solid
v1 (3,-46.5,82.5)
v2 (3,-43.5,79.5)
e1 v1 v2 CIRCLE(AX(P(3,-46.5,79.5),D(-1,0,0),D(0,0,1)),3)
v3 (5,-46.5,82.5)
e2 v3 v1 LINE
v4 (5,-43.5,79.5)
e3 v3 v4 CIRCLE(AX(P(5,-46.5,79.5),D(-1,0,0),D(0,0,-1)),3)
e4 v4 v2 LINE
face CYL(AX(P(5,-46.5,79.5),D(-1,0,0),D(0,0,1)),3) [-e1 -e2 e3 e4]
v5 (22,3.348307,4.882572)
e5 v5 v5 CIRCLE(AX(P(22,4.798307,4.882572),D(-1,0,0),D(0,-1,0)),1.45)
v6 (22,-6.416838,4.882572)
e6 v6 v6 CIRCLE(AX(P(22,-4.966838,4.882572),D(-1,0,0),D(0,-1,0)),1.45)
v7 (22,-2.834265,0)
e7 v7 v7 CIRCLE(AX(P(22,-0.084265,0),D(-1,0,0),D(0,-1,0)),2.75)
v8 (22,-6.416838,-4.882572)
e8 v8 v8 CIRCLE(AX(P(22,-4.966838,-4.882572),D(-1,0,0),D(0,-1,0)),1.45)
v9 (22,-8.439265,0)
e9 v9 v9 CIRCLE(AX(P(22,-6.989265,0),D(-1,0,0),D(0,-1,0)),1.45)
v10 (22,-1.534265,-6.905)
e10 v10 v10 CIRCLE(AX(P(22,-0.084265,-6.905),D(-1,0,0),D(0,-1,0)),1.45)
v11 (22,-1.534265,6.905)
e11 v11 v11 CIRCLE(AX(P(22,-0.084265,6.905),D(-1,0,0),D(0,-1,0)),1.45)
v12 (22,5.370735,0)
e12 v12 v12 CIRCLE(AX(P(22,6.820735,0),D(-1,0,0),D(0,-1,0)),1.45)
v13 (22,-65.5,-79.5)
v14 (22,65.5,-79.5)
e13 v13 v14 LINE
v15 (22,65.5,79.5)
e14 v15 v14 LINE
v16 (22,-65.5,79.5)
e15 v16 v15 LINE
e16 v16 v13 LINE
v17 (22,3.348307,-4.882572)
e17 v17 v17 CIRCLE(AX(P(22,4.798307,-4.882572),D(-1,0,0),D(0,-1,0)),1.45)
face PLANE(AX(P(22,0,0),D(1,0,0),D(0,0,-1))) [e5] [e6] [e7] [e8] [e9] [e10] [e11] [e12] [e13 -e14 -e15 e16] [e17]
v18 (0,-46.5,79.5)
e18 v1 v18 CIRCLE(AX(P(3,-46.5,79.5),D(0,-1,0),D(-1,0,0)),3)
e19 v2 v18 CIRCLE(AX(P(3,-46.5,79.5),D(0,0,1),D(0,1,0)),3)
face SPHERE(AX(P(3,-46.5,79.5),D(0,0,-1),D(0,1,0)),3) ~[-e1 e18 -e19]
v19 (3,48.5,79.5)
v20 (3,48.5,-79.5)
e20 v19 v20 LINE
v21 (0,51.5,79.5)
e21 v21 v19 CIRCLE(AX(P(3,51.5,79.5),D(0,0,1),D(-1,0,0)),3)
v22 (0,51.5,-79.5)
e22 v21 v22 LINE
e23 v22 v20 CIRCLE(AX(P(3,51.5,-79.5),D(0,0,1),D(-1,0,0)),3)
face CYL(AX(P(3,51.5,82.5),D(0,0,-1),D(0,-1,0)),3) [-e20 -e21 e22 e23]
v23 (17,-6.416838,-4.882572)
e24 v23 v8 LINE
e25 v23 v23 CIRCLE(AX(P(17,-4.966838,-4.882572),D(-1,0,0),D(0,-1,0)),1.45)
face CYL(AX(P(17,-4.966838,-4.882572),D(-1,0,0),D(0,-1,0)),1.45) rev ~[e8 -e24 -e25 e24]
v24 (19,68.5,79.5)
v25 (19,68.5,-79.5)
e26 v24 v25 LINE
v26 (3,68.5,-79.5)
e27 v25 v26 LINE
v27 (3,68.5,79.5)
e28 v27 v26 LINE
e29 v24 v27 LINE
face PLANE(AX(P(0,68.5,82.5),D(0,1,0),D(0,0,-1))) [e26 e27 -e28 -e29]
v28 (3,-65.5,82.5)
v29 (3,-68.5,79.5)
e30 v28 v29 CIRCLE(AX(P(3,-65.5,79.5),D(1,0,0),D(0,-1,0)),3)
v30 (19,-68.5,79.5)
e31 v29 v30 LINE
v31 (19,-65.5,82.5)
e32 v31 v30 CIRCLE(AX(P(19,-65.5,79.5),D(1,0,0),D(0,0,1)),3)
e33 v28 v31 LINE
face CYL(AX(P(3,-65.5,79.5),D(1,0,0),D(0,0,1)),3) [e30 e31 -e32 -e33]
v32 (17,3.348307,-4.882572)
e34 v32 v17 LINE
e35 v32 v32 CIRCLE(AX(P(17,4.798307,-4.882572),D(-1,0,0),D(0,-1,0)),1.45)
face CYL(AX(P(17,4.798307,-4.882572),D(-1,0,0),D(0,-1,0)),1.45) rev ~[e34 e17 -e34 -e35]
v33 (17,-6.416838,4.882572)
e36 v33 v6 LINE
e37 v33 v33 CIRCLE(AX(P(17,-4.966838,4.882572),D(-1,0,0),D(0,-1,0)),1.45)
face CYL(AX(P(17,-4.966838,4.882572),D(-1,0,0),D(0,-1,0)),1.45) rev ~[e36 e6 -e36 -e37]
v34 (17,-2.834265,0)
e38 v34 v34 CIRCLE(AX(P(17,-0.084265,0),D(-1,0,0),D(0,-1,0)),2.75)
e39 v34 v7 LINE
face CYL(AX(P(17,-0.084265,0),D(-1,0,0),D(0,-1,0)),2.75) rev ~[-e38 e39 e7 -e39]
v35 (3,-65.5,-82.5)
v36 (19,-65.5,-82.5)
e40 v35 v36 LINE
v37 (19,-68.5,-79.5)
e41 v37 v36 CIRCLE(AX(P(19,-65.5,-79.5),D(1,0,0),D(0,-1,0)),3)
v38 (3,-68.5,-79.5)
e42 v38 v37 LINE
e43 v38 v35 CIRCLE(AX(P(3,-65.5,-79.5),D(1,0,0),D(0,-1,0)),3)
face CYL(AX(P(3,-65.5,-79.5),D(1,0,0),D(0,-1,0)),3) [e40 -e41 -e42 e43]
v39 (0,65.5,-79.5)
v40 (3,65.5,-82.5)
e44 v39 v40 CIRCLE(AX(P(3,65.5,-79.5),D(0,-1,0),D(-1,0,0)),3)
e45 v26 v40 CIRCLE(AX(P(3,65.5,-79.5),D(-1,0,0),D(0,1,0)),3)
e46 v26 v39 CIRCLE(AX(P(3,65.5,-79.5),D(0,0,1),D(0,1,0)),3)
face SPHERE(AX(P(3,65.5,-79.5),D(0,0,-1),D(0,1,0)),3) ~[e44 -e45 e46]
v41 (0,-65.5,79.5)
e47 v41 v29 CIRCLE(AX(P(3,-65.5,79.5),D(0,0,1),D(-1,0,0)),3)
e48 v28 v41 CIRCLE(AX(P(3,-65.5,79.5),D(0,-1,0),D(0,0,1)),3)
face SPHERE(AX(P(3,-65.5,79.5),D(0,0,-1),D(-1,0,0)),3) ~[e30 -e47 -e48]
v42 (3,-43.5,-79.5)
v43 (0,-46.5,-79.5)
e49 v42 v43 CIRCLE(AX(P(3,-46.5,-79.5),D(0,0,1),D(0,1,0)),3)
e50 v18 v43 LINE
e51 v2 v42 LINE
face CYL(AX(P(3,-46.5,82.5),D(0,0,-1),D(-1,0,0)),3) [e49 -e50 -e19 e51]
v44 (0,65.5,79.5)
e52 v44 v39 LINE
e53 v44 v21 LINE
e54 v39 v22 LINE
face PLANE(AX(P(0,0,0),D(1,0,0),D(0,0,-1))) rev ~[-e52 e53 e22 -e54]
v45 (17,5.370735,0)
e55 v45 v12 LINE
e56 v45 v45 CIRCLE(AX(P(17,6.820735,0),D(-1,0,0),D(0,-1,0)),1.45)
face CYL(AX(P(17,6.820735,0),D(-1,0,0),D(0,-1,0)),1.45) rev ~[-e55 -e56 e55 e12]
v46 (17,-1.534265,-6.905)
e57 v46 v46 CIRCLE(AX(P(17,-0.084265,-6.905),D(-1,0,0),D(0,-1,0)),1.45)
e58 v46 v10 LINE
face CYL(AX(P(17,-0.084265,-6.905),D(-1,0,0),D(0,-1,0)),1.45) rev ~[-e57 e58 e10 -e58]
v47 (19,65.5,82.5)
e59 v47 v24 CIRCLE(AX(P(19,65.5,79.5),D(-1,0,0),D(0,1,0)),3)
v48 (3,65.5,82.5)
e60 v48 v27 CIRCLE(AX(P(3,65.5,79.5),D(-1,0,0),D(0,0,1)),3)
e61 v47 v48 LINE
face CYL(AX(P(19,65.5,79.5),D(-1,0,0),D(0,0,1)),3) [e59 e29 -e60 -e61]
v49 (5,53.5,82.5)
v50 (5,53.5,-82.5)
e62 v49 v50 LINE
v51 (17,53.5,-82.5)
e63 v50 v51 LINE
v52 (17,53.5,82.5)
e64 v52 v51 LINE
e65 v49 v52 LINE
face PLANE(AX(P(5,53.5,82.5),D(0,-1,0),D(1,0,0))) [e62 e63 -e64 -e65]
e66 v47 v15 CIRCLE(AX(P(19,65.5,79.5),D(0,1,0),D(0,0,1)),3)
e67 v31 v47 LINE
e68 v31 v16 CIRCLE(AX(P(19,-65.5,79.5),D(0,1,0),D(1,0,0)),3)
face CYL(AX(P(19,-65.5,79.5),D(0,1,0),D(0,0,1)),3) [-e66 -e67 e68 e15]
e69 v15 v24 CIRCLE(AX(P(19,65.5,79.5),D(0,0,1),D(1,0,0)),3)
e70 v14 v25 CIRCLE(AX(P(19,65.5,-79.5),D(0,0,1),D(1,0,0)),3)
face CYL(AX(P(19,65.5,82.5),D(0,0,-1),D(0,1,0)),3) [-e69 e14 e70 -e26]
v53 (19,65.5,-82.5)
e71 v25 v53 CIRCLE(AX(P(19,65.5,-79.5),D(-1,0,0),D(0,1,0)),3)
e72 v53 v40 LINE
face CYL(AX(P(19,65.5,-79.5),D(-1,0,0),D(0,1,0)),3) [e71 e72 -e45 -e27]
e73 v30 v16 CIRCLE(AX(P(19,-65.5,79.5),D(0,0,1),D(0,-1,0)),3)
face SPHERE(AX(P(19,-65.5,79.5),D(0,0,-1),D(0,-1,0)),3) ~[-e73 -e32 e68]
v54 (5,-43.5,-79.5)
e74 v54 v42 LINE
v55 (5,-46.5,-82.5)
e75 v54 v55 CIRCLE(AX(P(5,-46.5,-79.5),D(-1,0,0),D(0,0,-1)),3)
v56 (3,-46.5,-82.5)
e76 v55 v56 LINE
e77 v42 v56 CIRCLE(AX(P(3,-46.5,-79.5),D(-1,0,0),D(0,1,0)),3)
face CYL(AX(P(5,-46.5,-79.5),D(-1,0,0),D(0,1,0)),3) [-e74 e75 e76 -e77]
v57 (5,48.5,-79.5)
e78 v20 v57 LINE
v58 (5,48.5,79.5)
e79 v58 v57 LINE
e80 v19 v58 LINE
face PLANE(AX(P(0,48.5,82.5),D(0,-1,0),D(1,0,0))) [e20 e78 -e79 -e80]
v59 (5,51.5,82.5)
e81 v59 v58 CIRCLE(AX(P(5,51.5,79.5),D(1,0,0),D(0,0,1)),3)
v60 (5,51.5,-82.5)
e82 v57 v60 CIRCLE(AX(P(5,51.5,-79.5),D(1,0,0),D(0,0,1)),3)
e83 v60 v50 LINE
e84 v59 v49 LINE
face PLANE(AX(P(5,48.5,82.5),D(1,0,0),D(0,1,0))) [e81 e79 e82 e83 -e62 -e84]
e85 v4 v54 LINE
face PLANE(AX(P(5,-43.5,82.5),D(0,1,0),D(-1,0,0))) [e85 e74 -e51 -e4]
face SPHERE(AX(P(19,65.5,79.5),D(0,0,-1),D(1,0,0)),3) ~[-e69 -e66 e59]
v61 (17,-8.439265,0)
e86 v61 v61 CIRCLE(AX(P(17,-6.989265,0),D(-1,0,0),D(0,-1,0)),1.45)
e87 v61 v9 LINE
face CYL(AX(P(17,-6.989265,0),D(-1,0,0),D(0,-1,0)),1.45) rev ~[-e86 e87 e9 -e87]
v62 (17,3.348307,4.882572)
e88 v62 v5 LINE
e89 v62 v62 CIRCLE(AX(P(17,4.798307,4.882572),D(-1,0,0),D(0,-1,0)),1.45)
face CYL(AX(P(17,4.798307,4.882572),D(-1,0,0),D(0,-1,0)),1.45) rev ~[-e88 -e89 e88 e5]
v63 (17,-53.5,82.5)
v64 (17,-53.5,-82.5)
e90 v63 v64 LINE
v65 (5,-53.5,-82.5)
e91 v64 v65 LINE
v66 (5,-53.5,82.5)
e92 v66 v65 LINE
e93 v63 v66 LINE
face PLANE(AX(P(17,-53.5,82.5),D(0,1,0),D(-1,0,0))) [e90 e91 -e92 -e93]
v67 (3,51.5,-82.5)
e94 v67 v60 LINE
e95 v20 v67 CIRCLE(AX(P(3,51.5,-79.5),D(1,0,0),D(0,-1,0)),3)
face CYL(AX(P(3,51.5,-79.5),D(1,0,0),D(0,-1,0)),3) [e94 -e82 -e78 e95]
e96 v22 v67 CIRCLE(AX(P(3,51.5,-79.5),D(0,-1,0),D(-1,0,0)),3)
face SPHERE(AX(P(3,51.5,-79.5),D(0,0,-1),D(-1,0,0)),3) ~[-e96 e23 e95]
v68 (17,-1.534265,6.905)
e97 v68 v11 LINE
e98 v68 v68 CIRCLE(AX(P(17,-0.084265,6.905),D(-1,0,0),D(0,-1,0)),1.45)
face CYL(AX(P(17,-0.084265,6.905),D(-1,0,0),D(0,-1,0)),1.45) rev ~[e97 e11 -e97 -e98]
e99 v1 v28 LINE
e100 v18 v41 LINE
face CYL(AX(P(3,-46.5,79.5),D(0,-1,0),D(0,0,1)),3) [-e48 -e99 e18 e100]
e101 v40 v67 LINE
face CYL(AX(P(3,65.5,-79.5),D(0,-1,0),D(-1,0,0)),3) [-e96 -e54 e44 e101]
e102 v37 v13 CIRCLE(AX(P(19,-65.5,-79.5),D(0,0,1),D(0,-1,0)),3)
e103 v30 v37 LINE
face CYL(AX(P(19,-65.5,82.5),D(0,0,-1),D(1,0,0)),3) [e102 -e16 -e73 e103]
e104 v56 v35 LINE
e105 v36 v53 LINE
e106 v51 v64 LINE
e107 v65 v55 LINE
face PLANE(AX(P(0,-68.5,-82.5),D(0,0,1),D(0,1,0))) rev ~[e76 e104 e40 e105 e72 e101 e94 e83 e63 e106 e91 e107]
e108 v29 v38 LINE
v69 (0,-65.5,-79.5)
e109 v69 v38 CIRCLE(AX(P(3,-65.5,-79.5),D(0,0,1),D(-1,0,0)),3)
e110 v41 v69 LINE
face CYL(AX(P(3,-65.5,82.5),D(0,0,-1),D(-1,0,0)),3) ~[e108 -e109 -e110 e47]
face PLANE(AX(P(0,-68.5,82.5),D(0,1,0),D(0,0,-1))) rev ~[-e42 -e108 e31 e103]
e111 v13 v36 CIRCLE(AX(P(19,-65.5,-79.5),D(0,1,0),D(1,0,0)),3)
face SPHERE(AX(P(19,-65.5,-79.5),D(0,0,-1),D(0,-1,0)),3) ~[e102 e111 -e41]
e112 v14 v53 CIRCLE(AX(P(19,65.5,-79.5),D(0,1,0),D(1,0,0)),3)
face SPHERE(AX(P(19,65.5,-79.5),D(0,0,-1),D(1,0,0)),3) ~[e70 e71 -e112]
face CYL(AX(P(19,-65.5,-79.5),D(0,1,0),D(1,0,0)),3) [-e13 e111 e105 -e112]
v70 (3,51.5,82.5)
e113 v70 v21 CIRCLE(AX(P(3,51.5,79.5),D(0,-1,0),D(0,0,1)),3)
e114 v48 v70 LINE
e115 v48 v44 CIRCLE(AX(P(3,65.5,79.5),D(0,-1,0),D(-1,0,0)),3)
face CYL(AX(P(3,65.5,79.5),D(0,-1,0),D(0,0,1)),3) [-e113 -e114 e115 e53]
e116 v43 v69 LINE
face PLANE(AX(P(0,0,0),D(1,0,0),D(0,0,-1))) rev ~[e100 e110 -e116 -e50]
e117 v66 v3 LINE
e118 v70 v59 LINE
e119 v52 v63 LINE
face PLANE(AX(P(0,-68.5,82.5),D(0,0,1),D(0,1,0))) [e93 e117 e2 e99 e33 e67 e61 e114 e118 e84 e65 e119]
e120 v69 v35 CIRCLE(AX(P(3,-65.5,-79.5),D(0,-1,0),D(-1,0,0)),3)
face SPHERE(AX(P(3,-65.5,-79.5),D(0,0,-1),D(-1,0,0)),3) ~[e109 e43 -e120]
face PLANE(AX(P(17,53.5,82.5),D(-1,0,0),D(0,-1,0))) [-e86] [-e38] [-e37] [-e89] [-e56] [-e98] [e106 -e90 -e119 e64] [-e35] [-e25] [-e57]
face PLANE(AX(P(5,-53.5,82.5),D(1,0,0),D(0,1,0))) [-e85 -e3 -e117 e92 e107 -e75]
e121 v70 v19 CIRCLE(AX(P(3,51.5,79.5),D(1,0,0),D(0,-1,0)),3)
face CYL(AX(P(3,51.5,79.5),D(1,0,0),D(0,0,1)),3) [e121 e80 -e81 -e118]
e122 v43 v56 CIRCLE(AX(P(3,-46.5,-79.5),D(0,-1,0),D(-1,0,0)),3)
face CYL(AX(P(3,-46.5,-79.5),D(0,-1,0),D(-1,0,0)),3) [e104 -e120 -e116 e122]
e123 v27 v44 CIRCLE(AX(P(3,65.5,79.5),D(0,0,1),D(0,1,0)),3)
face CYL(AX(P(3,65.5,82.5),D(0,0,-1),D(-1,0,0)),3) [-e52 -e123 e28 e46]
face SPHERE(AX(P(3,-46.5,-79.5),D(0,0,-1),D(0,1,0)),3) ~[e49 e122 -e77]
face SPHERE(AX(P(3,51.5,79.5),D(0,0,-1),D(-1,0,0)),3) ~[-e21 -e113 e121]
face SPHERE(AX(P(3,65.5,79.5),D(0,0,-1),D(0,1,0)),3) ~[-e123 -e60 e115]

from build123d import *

# Parameters (mm, degrees)
SKETCH1_W           = 165
SKETCH1_H           = 137
BOSS_EXTRUDE1_DEPTH = 22
CUT_EXTRUDE1_DEPTH  = 165
FILLET1_R           = 3
SKETCH3_R           = 2.75
SKETCH3_R_2         = 1.45
CUT_EXTRUDE2_DEPTH  = 5
FILLET2_R           = 3
FILLET3_R           = 3


with BuildPart() as part:
    # Sketch1 → Boss-Extrude1 (new body)
    with BuildSketch(Plane(origin=(0, 0, 0), x_dir=(0, 0, -1), z_dir=(1, 0, 0))):
        Rectangle(SKETCH1_W, SKETCH1_H)
    extrude(amount=BOSS_EXTRUDE1_DEPTH)

    # Sketch2 → Cut-Extrude1 (cut)
    with BuildSketch(Plane.XY.offset(82.5)):
        Polygon((0, 48.5), (5, 48.5), (5, 53.5), (17, 53.5), (17, -53.5), (5, -53.5), (5, -43.5), (0, -43.5), align=None)
    extrude(amount=-CUT_EXTRUDE1_DEPTH, mode=Mode.SUBTRACT)

    # Fillet1
    fillet1_edges = [part.edges().sort_by_distance(p)[0] for p in [
        (22, -68.5, 0),
        (0, -43.5, 0),
        (0, 48.5, 0),
        (0, -68.5, 0),
        (0, 68.5, 0),
        (22, 68.5, 0),
    ]]
    fillet(fillet1_edges, radius=FILLET1_R)

    # Sketch3 → Cut-Extrude2 (cut)
    with BuildSketch(Plane.ZY.offset(-17)):
        with Locations(Location((0, -0.084265268, 0), (0, 0, 270))):
            Circle(SKETCH3_R)
        with Locations(Location((6.905, -0.084265268, 0), (0, 0, 270))):
            Circle(SKETCH3_R_2)
        with Locations(Location((4.882572324, -4.966837592, 0), (0, 0, 270))):
            Circle(SKETCH3_R_2)
        with Locations(Location((0, -6.989265268, 0), (0, 0, 270))):
            Circle(SKETCH3_R_2)
        with Locations(Location((-4.882572324, -4.966837592, 0), (0, 0, 270))):
            Circle(SKETCH3_R_2)
        with Locations(Location((-6.905, -0.084265268, 0), (0, 0, 270))):
            Circle(SKETCH3_R_2)
        with Locations(Location((-4.882572324, 4.798307056, 0), (0, 0, 270))):
            Circle(SKETCH3_R_2)
        with Locations(Location((0, 6.820734732, 0), (0, 0, 270))):
            Circle(SKETCH3_R_2)
        with Locations(Location((4.882572324, 4.798307056, 0), (0, 0, 270))):
            Circle(SKETCH3_R_2)
    extrude(amount=-CUT_EXTRUDE2_DEPTH, mode=Mode.SUBTRACT)

    # Fillet2
    fillet2_edges = [part.edges().sort_by_distance(p)[0] for p in [
        (4, 48.5, -82.5),
        (22, 0, -82.5),
        (0, 58.5, -82.5),
        (11, 68.5, -82.5),
        (11, -68.5, -82.5),
        (0, -56, -82.5),
        (4, -43.5, -82.5),
        (0.878679656, -44.378679656, -82.5),
        (0.878679656, 49.378679656, -82.5),
        (0.878679656, 67.621320344, -82.5),
        (21.121320344, 67.621320344, -82.5),
        (0.878679656, -67.621320344, -82.5),
        (21.121320344, -67.621320344, -82.5),
    ]]
    fillet(fillet2_edges, radius=FILLET2_R)

    # Fillet3
    fillet3_edges = [part.edges().sort_by_distance(p)[0] for p in [
        (4, 48.5, 82.5),
        (22, 0, 82.5),
        (11, -68.5, 82.5),
        (0, 58.5, 82.5),
        (4, -43.5, 82.5),
        (0, -56, 82.5),
        (11, 68.5, 82.5),
        (0.878679656, -44.378679656, 82.5),
        (0.878679656, 49.378679656, 82.5),
        (0.878679656, 67.621320344, 82.5),
        (21.121320344, 67.621320344, 82.5),
        (0.878679656, -67.621320344, 82.5),
        (21.121320344, -67.621320344, 82.5),
    ]]
    fillet(fillet3_edges, radius=FILLET3_R)


solid = part.part
